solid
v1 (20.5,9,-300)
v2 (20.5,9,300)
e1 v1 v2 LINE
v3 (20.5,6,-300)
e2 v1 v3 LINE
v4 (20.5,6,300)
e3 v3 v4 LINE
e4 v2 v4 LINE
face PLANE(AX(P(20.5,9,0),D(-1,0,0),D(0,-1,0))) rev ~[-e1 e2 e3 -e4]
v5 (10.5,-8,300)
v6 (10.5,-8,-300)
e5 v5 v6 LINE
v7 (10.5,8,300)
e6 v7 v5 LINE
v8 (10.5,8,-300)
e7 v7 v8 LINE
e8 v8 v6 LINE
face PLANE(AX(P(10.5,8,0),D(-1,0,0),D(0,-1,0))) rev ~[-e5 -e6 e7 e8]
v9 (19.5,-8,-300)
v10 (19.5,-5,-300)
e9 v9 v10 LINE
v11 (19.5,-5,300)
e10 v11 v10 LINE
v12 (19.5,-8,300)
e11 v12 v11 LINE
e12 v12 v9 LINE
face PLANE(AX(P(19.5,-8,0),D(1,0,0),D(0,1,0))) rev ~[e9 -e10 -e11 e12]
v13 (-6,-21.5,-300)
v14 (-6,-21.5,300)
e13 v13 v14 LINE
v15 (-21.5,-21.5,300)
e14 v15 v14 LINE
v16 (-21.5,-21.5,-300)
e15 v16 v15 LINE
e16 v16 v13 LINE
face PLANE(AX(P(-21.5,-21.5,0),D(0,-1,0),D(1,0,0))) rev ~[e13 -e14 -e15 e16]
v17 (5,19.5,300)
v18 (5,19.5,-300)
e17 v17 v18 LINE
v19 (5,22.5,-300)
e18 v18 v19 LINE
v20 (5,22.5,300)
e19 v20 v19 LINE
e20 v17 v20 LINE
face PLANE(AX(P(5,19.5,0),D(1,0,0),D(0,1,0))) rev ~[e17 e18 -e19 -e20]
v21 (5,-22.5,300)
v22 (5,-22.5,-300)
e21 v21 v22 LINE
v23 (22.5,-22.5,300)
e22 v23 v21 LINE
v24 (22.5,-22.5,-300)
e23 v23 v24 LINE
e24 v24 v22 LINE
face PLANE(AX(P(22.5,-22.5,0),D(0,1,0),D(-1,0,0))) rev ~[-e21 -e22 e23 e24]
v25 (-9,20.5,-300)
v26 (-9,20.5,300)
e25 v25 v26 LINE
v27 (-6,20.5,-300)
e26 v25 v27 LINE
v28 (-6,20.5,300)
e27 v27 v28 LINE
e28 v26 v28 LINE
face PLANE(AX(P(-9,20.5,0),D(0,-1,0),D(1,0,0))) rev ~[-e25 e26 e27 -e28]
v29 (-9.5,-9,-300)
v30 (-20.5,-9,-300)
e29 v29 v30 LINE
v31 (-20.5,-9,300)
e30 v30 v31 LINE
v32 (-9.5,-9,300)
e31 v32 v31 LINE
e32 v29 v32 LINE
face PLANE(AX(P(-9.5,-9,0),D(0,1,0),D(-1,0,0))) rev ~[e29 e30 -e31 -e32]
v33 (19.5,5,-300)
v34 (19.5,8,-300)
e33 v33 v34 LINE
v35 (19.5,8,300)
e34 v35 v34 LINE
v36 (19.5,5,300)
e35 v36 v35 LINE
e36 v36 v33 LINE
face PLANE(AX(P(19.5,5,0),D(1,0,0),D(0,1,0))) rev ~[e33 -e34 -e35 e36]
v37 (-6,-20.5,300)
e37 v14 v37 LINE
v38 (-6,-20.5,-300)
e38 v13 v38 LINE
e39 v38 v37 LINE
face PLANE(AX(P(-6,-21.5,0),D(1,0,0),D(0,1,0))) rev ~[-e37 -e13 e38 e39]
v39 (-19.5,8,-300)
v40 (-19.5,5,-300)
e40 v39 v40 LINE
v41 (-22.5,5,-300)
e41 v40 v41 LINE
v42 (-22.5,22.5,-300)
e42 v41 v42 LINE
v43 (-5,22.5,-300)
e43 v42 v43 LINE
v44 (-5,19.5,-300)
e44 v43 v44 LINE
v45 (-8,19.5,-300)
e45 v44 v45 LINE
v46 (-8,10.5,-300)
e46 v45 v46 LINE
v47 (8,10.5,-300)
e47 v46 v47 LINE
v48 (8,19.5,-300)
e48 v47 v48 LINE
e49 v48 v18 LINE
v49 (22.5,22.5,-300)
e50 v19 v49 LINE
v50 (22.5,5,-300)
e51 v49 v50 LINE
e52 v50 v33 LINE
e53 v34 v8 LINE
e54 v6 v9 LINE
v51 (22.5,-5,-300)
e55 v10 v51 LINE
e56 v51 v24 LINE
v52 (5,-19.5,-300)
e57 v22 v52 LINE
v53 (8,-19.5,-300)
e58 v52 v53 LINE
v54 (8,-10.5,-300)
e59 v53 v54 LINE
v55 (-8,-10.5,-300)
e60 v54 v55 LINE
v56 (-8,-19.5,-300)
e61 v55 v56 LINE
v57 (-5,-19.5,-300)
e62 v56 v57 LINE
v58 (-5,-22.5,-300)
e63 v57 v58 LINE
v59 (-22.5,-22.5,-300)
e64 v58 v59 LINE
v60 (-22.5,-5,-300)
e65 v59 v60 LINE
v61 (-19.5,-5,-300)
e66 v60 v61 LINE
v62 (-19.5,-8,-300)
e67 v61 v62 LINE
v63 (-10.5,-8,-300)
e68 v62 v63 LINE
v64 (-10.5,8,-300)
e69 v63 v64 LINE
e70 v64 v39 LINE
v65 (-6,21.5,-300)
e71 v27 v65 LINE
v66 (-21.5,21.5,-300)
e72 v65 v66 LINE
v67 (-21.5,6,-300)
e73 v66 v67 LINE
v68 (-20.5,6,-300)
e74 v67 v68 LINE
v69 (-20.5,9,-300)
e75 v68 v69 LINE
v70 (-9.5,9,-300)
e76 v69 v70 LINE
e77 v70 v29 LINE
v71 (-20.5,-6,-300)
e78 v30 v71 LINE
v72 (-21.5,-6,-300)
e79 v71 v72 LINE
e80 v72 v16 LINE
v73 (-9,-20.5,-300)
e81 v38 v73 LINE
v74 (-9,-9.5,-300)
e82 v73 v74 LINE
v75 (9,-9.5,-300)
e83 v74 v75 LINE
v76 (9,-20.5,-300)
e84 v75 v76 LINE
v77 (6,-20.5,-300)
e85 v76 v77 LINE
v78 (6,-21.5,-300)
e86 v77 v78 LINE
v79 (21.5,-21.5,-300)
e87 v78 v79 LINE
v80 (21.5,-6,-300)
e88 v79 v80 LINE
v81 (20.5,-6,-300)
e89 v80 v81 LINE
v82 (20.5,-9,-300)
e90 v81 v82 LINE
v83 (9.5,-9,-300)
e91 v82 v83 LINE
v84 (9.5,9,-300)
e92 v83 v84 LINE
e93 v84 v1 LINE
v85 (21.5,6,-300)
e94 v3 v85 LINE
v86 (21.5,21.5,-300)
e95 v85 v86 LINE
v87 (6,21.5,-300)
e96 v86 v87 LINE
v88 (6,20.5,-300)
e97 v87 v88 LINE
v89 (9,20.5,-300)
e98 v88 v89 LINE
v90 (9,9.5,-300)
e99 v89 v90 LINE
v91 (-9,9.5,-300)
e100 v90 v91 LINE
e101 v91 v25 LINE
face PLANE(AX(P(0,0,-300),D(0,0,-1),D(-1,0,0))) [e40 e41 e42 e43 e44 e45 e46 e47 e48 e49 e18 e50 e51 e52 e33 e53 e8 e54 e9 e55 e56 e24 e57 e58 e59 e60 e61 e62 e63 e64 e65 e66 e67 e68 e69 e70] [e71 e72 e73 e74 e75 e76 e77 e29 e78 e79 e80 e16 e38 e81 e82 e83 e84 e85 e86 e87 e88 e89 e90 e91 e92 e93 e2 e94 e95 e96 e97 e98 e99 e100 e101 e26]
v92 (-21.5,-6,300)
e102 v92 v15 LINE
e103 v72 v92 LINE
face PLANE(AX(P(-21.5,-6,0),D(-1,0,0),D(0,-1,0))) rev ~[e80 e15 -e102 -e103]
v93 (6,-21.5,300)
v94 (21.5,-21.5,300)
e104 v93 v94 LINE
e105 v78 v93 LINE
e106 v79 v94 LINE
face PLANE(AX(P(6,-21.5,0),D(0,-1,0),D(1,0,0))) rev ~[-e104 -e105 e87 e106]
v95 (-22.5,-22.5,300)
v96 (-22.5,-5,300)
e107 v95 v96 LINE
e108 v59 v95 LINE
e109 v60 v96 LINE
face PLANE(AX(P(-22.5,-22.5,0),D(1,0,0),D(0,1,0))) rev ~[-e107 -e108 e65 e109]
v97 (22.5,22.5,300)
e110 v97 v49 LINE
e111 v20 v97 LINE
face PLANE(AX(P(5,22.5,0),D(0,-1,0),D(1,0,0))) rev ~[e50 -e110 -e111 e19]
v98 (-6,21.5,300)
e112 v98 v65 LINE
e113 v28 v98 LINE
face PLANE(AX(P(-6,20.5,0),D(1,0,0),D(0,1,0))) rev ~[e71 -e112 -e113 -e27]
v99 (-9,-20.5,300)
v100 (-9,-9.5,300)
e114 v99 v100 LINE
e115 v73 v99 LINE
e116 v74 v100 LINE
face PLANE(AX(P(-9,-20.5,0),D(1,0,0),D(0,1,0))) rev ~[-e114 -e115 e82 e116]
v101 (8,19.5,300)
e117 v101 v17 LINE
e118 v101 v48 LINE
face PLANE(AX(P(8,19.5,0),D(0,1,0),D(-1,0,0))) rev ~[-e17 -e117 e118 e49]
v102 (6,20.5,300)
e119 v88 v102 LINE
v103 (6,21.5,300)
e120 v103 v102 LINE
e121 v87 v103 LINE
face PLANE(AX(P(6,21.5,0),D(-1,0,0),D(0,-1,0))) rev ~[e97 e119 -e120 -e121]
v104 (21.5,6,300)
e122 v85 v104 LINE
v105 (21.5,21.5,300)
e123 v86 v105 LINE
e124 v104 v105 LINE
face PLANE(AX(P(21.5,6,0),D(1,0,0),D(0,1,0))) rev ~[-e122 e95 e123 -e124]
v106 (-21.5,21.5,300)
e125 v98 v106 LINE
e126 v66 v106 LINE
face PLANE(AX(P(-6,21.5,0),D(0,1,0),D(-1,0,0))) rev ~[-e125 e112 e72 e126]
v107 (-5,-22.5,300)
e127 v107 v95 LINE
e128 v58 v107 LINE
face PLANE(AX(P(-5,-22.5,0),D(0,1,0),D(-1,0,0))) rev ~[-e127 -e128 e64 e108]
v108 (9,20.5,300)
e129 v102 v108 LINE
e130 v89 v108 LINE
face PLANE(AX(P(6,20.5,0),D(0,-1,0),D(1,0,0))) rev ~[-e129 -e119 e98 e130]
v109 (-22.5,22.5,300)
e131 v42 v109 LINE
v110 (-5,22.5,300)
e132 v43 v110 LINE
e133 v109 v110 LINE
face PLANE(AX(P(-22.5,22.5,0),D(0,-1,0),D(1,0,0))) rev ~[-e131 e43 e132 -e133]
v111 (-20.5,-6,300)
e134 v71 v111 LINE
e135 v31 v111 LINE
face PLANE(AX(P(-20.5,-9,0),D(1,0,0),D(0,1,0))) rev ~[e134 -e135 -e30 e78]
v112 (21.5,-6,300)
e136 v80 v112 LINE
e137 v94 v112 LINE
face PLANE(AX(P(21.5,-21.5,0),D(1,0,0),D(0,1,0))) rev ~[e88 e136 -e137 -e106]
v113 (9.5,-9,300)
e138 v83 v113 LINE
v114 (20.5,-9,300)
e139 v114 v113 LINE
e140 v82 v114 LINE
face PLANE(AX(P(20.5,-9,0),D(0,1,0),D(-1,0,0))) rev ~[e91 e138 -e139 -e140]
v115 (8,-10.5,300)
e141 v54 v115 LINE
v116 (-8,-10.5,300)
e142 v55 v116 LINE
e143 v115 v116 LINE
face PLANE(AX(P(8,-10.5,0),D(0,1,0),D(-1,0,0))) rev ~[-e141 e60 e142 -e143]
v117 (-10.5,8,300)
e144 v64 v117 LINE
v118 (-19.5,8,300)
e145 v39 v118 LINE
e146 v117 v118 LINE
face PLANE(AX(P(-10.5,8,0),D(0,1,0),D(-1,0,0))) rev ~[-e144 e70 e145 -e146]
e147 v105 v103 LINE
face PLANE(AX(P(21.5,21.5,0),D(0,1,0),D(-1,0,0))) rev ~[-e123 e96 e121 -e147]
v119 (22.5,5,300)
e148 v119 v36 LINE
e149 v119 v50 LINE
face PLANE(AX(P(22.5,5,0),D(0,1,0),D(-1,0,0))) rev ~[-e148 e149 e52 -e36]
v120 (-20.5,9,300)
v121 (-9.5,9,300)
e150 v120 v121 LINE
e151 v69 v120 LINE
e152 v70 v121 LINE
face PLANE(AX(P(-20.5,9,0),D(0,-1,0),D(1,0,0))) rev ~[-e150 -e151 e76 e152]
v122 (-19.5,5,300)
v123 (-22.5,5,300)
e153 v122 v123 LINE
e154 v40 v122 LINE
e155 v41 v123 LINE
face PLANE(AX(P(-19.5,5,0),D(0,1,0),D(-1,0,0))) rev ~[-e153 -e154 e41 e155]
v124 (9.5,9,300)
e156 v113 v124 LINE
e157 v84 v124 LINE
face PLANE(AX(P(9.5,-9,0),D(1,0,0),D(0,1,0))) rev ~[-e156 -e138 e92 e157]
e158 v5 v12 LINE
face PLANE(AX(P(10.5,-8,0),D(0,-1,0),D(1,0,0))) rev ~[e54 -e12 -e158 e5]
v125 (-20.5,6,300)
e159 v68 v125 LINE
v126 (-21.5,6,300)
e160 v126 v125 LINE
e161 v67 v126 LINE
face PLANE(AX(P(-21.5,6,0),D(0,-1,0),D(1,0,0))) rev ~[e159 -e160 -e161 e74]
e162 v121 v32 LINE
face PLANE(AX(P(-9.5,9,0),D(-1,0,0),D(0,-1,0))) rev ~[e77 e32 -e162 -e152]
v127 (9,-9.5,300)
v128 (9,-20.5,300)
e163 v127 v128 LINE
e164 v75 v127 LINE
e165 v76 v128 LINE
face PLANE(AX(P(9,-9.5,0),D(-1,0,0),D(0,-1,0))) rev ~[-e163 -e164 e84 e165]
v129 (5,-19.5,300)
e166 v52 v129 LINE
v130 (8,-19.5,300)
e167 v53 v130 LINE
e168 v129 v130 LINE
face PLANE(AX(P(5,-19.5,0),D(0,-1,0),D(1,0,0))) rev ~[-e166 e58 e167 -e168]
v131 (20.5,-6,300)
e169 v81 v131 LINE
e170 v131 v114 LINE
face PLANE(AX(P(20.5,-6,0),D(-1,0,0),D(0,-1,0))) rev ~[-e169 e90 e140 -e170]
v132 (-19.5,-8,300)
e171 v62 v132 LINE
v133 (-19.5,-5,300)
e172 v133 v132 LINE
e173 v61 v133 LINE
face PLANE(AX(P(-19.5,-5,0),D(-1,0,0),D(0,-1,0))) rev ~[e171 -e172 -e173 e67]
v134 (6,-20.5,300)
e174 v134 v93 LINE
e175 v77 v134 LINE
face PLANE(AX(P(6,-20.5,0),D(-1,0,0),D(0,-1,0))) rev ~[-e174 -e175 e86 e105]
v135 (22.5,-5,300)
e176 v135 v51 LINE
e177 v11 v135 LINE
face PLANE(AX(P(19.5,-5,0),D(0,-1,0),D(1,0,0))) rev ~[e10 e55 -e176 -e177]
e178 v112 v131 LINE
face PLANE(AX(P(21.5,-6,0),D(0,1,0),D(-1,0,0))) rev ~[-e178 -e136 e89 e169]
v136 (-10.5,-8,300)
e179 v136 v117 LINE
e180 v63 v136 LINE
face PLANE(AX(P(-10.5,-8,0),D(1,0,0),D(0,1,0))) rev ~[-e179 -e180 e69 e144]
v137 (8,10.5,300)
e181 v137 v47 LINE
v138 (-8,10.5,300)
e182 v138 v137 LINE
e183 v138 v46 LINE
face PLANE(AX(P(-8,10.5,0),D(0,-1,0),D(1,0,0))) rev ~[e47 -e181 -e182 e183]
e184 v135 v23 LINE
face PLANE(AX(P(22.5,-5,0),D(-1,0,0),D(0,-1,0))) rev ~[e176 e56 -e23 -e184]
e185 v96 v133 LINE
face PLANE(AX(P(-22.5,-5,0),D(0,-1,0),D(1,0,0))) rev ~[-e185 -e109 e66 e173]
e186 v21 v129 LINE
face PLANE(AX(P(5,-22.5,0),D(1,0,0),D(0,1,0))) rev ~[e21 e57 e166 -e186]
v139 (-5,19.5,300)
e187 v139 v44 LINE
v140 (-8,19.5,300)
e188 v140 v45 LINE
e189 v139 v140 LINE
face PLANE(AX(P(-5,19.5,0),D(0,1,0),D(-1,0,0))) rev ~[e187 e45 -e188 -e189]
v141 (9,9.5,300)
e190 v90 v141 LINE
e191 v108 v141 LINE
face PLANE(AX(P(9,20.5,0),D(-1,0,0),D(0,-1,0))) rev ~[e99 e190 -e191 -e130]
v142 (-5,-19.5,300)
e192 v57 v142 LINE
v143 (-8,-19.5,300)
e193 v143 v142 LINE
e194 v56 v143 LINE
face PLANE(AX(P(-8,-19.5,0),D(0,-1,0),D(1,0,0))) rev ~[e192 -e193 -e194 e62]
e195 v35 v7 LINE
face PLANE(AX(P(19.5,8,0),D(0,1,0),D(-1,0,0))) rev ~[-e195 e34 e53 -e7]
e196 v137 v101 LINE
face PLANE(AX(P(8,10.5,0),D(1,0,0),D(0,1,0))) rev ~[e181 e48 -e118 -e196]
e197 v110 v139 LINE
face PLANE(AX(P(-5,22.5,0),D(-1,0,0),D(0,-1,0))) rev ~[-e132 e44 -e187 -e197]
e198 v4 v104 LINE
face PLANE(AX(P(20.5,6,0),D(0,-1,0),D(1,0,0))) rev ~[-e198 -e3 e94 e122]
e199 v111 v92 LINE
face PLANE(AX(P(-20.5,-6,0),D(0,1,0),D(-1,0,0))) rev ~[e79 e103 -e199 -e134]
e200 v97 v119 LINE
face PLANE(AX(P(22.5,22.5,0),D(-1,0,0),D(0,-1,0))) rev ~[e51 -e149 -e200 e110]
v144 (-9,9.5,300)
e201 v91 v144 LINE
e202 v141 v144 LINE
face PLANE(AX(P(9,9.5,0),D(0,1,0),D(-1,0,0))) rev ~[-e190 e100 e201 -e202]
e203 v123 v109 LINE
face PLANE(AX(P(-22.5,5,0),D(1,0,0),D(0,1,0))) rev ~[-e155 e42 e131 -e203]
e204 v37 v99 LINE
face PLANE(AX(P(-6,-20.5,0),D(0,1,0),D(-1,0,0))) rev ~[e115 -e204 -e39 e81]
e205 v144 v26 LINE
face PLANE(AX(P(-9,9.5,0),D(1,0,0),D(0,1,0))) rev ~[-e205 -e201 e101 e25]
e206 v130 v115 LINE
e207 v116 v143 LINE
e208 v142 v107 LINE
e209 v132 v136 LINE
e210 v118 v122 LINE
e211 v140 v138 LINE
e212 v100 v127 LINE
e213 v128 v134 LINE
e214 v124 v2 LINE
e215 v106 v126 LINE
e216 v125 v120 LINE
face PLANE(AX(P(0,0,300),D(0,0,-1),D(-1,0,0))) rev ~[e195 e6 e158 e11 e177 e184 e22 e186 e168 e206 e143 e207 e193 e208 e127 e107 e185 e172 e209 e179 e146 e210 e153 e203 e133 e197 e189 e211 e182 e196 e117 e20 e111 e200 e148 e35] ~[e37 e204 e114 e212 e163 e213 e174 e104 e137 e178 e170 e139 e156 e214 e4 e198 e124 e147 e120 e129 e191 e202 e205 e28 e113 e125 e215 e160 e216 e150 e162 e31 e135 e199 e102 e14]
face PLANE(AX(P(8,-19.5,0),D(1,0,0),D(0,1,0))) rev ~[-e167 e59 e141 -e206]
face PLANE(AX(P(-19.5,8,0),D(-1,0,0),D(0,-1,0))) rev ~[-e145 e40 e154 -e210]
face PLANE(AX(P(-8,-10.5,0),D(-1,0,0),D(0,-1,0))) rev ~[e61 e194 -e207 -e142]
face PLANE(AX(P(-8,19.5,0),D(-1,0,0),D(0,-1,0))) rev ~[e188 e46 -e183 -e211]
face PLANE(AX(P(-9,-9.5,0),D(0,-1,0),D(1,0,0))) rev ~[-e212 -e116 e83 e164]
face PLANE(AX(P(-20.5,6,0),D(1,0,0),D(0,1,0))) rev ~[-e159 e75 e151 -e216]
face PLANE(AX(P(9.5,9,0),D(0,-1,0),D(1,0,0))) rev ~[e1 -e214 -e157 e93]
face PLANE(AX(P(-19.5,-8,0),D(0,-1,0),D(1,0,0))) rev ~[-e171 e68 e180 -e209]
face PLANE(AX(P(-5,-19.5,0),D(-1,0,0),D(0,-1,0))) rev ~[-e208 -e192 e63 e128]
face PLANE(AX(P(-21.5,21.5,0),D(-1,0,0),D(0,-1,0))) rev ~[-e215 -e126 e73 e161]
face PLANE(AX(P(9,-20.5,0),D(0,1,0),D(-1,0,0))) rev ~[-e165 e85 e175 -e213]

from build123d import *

# Parameters (mm, degrees)
BOSS_EXTRUDE2_DEPTH = 300


with BuildPart() as part:
    # Sketch1 → Boss-Extrude2 (new, symmetric)
    with BuildSketch(Plane.XY):
        Polygon((-5, 22.5), (-5, 19.5), (-8, 19.5), (-8, 10.5), (8, 10.5), (8, 19.5), (5, 19.5), (5, 22.5), (22.5, 22.5), (22.5, 5), (19.5, 5), (19.5, 8), (10.5, 8), (10.5, -8), (19.5, -8), (19.5, -5), (22.5, -5), (22.5, -22.5), (5, -22.5), (5, -19.5), (8, -19.5), (8, -10.5), (-8, -10.5), (-8, -19.5), (-5, -19.5), (-5, -22.5), (-22.5, -22.5), (-22.5, -5), (-19.5, -5), (-19.5, -8), (-10.5, -8), (-10.5, 8), (-19.5, 8), (-19.5, 5), (-22.5, 5), (-22.5, 22.5), align=None)
        Polygon((-6, 21.5), (-21.5, 21.5), (-21.5, 6), (-20.5, 6), (-20.5, 9), (-9.5, 9), (-9.5, -9), (-20.5, -9), (-20.5, -6), (-21.5, -6), (-21.5, -21.5), (-6, -21.5), (-6, -20.5), (-9, -20.5), (-9, -9.5), (9, -9.5), (9, -20.5), (6, -20.5), (6, -21.5), (21.5, -21.5), (21.5, -6), (20.5, -6), (20.5, -9), (9.5, -9), (9.5, 9), (20.5, 9), (20.5, 6), (21.5, 6), (21.5, 21.5), (6, 21.5), (6, 20.5), (9, 20.5), (9, 9.5), (-9, 9.5), (-9, 20.5), (-6, 20.5), align=None, mode=Mode.SUBTRACT)
    extrude(amount=BOSS_EXTRUDE2_DEPTH, both=True)


solid = part.part
